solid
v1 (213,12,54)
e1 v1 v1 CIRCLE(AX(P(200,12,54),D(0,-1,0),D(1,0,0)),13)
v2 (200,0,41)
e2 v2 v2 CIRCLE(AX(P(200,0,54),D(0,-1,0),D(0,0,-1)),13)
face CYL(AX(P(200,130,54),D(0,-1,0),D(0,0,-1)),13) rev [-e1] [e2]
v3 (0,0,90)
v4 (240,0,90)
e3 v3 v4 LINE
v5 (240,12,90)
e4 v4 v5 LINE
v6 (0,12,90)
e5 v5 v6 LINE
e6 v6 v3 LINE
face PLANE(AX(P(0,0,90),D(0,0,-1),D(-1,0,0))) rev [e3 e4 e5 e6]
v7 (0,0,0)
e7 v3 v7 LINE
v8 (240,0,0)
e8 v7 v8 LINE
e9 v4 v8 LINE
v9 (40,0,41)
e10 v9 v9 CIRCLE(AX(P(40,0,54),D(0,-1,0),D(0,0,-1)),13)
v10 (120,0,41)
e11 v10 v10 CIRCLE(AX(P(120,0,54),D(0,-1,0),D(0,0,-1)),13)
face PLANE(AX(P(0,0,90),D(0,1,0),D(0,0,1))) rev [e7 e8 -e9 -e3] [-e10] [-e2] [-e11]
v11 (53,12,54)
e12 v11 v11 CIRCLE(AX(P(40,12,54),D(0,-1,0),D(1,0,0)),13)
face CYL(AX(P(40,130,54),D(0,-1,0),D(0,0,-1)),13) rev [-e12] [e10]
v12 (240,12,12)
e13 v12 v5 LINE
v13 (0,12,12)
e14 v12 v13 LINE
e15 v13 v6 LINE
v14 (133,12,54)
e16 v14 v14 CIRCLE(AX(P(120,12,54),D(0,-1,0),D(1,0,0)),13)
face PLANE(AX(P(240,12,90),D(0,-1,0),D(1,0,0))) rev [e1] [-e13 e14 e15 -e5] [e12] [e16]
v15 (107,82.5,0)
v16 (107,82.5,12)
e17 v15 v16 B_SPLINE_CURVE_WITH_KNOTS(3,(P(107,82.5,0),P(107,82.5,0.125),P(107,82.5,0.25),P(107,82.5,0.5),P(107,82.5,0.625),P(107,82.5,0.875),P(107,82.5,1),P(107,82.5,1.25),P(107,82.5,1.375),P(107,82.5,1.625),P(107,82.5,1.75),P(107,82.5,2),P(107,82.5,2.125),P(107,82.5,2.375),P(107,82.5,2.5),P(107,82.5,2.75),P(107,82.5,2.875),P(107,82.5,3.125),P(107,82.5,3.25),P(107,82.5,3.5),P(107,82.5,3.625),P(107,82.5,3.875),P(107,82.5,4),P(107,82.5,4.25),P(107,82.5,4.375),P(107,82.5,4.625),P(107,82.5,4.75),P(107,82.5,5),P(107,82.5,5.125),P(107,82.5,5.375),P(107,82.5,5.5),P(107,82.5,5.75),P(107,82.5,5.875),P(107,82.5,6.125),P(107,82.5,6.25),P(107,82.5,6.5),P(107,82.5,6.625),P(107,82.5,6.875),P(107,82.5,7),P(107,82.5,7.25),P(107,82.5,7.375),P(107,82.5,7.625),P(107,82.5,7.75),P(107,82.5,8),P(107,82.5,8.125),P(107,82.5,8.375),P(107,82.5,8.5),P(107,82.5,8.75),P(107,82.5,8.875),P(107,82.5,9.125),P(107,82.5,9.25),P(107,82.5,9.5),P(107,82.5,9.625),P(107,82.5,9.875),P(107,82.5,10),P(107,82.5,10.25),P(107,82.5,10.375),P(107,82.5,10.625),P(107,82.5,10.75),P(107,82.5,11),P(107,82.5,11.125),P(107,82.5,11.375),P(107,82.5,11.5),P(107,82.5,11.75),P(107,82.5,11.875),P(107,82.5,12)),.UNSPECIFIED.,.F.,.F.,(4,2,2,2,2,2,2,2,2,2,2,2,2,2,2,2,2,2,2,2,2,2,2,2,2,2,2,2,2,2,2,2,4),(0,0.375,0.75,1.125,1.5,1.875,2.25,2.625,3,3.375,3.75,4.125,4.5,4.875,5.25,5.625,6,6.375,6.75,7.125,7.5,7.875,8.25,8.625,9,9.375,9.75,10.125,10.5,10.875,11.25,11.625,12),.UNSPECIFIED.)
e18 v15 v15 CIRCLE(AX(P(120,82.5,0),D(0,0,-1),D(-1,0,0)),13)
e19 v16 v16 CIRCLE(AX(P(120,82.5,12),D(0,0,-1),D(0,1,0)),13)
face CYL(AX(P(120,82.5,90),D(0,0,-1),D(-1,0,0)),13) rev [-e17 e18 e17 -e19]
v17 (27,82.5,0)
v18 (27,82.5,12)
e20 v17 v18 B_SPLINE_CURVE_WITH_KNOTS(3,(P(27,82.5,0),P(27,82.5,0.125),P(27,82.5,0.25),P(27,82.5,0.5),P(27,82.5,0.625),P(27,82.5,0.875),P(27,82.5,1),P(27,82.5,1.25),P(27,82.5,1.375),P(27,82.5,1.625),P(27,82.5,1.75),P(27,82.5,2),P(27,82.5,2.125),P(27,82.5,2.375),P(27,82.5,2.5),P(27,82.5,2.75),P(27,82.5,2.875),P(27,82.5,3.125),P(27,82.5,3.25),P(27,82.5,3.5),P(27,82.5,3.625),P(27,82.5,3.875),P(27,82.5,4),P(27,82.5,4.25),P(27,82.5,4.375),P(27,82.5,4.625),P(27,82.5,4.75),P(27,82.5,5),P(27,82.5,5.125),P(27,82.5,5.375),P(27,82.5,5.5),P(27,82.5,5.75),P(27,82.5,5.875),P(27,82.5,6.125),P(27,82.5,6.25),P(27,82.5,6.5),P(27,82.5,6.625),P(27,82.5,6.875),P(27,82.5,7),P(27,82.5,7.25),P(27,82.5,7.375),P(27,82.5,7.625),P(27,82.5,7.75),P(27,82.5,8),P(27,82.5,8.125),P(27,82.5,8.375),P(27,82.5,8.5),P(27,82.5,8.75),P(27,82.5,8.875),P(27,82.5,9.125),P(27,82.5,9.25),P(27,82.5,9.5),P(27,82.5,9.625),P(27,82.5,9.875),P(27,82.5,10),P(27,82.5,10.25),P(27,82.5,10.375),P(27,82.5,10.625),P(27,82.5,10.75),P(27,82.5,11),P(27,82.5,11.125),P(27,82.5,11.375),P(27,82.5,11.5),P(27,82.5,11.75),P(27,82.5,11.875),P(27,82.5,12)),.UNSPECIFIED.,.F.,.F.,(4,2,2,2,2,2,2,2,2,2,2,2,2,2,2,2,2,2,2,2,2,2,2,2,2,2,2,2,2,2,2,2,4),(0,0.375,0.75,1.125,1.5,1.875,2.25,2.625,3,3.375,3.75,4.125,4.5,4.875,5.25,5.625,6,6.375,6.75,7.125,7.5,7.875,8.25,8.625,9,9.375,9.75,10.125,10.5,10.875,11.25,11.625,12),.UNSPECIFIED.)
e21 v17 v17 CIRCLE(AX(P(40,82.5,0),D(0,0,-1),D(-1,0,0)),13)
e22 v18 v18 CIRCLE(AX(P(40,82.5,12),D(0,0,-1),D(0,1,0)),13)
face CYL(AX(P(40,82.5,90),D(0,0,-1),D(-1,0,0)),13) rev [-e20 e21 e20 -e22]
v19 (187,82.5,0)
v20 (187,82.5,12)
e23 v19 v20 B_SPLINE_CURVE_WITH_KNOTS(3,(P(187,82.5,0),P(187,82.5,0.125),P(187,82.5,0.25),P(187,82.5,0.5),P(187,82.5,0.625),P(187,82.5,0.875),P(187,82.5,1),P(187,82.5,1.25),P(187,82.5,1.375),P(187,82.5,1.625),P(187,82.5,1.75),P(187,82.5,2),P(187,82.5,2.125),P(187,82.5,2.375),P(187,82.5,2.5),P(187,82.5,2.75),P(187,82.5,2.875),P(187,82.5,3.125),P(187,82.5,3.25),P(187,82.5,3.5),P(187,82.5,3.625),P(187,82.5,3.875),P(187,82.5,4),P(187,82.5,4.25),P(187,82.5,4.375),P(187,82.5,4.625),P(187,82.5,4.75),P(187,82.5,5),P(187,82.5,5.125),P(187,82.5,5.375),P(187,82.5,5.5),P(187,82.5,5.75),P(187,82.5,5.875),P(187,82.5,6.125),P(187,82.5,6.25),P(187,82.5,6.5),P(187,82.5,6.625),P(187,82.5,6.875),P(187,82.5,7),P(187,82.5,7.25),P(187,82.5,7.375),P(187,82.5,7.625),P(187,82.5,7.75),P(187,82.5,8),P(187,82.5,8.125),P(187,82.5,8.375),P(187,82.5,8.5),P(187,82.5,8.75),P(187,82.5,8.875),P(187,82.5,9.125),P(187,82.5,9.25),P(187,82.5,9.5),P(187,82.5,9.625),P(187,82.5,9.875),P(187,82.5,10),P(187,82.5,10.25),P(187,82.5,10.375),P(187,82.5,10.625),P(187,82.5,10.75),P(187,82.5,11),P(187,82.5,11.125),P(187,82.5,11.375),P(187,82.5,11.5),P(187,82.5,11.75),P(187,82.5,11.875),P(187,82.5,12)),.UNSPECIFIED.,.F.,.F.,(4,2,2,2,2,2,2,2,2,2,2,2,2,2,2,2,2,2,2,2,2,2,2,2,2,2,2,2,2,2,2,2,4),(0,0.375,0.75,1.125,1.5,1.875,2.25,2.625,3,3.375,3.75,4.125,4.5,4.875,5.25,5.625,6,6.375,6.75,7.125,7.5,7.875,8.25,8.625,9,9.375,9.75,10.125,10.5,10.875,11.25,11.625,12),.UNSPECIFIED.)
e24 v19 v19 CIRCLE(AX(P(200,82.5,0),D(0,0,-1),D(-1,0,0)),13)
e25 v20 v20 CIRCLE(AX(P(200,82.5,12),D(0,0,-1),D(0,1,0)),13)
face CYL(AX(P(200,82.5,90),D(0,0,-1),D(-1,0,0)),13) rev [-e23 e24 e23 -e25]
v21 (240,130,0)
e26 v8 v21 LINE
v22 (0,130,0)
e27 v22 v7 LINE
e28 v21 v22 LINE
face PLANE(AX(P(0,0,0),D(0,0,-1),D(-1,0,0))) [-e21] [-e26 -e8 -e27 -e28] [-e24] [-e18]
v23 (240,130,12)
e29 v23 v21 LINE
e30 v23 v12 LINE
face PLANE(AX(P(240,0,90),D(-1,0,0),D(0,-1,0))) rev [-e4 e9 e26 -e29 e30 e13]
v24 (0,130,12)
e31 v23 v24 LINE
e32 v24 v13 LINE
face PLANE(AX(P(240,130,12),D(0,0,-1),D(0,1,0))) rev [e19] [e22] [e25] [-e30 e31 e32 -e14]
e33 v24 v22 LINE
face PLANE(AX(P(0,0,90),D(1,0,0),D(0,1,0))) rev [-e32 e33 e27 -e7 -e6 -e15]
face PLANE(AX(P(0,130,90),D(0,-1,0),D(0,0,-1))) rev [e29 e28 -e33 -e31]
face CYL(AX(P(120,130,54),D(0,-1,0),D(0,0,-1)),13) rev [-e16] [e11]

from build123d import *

# Parameters (mm, degrees)
SKETCH_1_W             = 240
SKETCH_1_H             = 130
EXTRUDE_1_DEPTH        = 90
SKETCH_2_W             = 78
SKETCH_2_H             = 118
CUT_EXTRUDE_1_DEPTH    = 288.402157264
SKETCH_3_R             = 13
CUT_EXTRUDE_2_DEPTH    = 288.402157264
PATTERN_LINEAR_1_COUNT = 3
PATTERN_LINEAR_1_PITCH = 80
SKETCH_4_R             = 13
CUT_EXTRUDE_3_DEPTH    = 288.402157264
PATTERN_LINEAR_2_COUNT = 3
PATTERN_LINEAR_2_PITCH = 80


with BuildPart() as part:
    # 草图1 → 凸台-拉伸1 (new body)
    with BuildSketch(Plane.XY):
        with Locations((120, 65)):
            Rectangle(SKETCH_1_W, SKETCH_1_H)
    extrude(amount=EXTRUDE_1_DEPTH)

    # 草图2 → 切除-拉伸1 (cut, through all)
    with BuildSketch(Plane.ZY):
        with Locations((51, 71)):
            Rectangle(SKETCH_2_W, SKETCH_2_H)
    extrude(amount=-CUT_EXTRUDE_1_DEPTH, mode=Mode.SUBTRACT)

    # 草图3 → 切除-拉伸2 (cut, through all)
    with BuildSketch(Plane(origin=(0, 0, 0), x_dir=(-1, 0, 0), z_dir=(0, 0, -1))):
        with Locations((-200, 82.5)):
            Circle(SKETCH_3_R)
    cut_extrude_2 = extrude(amount=-CUT_EXTRUDE_2_DEPTH, mode=Mode.SUBTRACT)

    # 阵列(线性)1: 切除-拉伸2 ×3
    with Locations(*[(-i * PATTERN_LINEAR_1_PITCH, 0, 0) for i in range(1, PATTERN_LINEAR_1_COUNT)]):
        add(cut_extrude_2, mode=Mode.SUBTRACT)

    # 草图4 → 切除-拉伸3 (cut, through all)
    with BuildSketch(Plane.XZ):
        with Locations(Location((40, 54, 0), (0, 0, 270))):
            Circle(SKETCH_4_R)
    cut_extrude_3 = extrude(amount=-CUT_EXTRUDE_3_DEPTH, mode=Mode.SUBTRACT)

    # 阵列(线性)2: 切除-拉伸3 ×3
    with Locations(*[(i * PATTERN_LINEAR_2_PITCH, 0, 0) for i in range(1, PATTERN_LINEAR_2_COUNT)]):
        add(cut_extrude_3, mode=Mode.SUBTRACT)


solid = part.part
